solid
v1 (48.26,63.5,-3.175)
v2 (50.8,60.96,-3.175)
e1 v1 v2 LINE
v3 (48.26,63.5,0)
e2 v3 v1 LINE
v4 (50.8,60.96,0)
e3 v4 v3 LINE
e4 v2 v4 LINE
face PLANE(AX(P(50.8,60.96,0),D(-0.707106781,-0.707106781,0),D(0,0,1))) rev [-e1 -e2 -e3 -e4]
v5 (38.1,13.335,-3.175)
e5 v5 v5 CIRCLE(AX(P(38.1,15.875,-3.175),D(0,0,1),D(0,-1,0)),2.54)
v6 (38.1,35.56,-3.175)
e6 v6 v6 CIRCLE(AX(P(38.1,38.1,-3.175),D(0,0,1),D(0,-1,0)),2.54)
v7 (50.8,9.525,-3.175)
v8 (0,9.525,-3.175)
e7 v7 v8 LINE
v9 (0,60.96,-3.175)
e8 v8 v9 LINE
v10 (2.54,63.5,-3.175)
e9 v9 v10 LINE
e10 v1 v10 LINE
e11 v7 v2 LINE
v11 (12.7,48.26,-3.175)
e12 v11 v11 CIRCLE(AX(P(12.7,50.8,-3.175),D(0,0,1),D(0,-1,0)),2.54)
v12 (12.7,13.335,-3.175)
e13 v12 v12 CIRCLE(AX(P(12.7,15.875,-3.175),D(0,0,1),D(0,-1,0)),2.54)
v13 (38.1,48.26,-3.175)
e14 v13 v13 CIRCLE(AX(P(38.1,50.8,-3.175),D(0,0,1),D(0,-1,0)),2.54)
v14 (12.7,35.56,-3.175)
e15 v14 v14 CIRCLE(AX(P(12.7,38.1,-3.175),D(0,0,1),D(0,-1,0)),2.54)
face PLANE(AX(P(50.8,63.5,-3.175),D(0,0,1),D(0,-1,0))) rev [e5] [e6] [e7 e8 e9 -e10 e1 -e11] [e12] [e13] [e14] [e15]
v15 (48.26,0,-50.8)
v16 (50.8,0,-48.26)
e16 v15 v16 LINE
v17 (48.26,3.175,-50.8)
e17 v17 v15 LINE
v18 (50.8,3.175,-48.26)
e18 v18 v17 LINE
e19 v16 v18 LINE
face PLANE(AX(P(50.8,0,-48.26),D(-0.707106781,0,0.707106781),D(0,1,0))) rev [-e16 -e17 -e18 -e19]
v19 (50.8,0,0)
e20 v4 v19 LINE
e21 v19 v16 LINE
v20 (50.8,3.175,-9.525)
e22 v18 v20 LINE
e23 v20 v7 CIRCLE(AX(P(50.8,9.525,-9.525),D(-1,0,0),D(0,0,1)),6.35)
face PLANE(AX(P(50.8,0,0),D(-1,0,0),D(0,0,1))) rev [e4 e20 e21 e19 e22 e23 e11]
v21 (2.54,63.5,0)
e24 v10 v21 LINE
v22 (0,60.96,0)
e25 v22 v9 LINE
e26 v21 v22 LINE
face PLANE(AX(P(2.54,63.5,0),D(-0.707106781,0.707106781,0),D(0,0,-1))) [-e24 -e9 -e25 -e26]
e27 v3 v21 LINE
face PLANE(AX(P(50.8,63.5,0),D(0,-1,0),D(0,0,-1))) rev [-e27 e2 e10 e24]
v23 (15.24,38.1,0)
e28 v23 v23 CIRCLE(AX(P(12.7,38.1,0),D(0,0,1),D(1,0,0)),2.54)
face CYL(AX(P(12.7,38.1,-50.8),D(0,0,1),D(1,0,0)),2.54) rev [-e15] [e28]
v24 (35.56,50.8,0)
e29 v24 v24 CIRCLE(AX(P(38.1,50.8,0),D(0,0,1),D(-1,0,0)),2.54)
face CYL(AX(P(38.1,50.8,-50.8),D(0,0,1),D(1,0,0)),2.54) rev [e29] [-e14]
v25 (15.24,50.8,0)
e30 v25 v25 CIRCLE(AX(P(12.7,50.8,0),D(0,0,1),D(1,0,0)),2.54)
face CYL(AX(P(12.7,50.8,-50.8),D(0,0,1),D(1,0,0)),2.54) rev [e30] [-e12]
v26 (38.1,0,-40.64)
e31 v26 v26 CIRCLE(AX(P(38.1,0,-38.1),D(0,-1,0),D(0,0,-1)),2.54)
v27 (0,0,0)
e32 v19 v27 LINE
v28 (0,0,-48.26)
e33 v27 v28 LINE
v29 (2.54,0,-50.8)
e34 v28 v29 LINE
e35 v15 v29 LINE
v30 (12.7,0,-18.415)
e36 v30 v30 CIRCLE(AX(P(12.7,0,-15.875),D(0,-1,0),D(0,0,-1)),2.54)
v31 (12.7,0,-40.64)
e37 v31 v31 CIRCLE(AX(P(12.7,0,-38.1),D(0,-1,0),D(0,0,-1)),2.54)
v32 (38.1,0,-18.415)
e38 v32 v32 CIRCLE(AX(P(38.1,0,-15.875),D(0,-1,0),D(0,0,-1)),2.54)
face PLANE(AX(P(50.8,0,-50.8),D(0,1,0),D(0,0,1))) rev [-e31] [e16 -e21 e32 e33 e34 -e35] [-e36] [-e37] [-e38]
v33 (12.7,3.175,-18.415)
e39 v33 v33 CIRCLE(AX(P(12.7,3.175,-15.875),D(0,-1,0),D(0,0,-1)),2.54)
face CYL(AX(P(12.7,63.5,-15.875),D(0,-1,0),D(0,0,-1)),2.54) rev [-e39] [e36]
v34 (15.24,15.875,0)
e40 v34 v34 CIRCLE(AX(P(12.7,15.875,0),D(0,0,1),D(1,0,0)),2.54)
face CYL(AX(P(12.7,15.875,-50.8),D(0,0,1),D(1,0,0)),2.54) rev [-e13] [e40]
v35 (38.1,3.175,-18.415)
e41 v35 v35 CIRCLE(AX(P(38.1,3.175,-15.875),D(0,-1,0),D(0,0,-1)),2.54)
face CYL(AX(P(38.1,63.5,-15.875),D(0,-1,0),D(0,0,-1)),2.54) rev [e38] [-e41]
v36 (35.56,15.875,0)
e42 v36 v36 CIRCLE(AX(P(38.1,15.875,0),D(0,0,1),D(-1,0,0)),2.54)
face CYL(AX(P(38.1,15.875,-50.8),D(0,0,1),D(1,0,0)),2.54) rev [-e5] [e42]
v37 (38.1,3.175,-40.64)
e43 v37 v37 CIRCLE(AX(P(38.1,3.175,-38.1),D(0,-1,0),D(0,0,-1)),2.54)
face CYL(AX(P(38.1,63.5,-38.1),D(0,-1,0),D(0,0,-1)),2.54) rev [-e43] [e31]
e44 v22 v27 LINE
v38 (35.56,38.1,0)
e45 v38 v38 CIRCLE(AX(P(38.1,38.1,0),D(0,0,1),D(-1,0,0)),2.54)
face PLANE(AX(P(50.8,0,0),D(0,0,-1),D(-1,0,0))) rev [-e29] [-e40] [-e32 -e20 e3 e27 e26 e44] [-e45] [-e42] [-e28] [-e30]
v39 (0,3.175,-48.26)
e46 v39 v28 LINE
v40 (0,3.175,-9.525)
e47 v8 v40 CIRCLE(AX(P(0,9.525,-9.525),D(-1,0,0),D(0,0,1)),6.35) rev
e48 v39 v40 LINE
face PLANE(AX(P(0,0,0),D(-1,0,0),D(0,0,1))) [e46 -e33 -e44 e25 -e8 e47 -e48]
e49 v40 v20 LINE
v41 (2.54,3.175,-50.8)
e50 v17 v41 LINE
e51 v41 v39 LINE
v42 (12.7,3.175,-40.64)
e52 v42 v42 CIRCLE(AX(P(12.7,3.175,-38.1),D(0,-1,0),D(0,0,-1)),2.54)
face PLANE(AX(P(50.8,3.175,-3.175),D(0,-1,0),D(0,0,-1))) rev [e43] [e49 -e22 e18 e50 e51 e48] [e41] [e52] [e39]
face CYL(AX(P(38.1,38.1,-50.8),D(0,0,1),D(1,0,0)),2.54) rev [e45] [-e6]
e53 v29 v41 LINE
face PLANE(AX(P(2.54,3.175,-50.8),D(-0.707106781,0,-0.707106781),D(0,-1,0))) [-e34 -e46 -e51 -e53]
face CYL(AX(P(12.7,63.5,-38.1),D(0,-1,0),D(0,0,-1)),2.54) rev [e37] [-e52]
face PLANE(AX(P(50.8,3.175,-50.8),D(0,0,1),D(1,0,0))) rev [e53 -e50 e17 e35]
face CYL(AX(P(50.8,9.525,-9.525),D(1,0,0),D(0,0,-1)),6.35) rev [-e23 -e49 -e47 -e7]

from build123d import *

# Parameters (mm, degrees)
BOSS_EXTRUDE1_DEPTH = 50.8
SKETCH2_R           = 2.54
CUT_EXTRUDE1_DEPTH  = 96.882897328
SKETCH3_R           = 2.54
CUT_EXTRUDE2_DEPTH  = 96.882897328
FILLET1_R           = 6.35
CHAMFER1_SIZE       = 2.54


with BuildPart() as part:
    # Sketch1 → Boss-Extrude1 (new body)
    with BuildSketch(Plane(origin=(0, 0, 0), x_dir=(0, 0, -1), z_dir=(1, 0, 0))):
        Polygon((0, 0), (0, 63.5), (3.175, 63.5), (3.175, 3.175), (50.8, 3.175), (50.8, 0), align=None)
    extrude(amount=BOSS_EXTRUDE1_DEPTH)

    # Sketch2 → Cut-Extrude1 (cut, through all)
    with BuildSketch(Plane.XY):
        with Locations((12.7, 38.1)):
            Circle(SKETCH2_R)
        with Locations((12.7, 15.875)):
            Circle(SKETCH2_R)
        with Locations((12.7, 50.8)):
            Circle(SKETCH2_R)
        with Locations(Location((38.1, 50.8, 0), (0, 0, 270))):
            Circle(SKETCH2_R)
        with Locations(Location((38.1, 15.875, 0), (0, 0, 270))):
            Circle(SKETCH2_R)
        with Locations(Location((38.1, 38.1, 0), (0, 0, 270))):
            Circle(SKETCH2_R)
    extrude(amount=-CUT_EXTRUDE1_DEPTH, mode=Mode.SUBTRACT)

    # Sketch3 → Cut-Extrude2 (cut, through all)
    with BuildSketch(Plane.XZ):
        with Locations(Location((38.1, -38.1, 0), (0, 0, 270))):
            Circle(SKETCH3_R)
        with Locations(Location((38.1, -15.875, 0), (0, 0, 270))):
            Circle(SKETCH3_R)
        with Locations(Location((12.7, -38.1, 0), (0, 0, 270))):
            Circle(SKETCH3_R)
        with Locations(Location((12.7, -15.875, 0), (0, 0, 270))):
            Circle(SKETCH3_R)
    extrude(amount=-CUT_EXTRUDE2_DEPTH, mode=Mode.SUBTRACT)

    # Fillet1
    fillet1_edges = [part.edges().sort_by_distance(p)[0] for p in [
        (25.4, 3.175, -3.175),
    ]]
    fillet(fillet1_edges, radius=FILLET1_R)

    # Chamfer1
    chamfer1_edges = [part.edges().sort_by_distance(p)[0] for p in [
        (50.8, 63.5, -1.5875),
        (0, 63.5, -1.5875),
        (0, 1.5875, -50.8),
        (50.8, 1.5875, -50.8),
    ]]
    chamfer(chamfer1_edges, length=CHAMFER1_SIZE)


solid = part.part
